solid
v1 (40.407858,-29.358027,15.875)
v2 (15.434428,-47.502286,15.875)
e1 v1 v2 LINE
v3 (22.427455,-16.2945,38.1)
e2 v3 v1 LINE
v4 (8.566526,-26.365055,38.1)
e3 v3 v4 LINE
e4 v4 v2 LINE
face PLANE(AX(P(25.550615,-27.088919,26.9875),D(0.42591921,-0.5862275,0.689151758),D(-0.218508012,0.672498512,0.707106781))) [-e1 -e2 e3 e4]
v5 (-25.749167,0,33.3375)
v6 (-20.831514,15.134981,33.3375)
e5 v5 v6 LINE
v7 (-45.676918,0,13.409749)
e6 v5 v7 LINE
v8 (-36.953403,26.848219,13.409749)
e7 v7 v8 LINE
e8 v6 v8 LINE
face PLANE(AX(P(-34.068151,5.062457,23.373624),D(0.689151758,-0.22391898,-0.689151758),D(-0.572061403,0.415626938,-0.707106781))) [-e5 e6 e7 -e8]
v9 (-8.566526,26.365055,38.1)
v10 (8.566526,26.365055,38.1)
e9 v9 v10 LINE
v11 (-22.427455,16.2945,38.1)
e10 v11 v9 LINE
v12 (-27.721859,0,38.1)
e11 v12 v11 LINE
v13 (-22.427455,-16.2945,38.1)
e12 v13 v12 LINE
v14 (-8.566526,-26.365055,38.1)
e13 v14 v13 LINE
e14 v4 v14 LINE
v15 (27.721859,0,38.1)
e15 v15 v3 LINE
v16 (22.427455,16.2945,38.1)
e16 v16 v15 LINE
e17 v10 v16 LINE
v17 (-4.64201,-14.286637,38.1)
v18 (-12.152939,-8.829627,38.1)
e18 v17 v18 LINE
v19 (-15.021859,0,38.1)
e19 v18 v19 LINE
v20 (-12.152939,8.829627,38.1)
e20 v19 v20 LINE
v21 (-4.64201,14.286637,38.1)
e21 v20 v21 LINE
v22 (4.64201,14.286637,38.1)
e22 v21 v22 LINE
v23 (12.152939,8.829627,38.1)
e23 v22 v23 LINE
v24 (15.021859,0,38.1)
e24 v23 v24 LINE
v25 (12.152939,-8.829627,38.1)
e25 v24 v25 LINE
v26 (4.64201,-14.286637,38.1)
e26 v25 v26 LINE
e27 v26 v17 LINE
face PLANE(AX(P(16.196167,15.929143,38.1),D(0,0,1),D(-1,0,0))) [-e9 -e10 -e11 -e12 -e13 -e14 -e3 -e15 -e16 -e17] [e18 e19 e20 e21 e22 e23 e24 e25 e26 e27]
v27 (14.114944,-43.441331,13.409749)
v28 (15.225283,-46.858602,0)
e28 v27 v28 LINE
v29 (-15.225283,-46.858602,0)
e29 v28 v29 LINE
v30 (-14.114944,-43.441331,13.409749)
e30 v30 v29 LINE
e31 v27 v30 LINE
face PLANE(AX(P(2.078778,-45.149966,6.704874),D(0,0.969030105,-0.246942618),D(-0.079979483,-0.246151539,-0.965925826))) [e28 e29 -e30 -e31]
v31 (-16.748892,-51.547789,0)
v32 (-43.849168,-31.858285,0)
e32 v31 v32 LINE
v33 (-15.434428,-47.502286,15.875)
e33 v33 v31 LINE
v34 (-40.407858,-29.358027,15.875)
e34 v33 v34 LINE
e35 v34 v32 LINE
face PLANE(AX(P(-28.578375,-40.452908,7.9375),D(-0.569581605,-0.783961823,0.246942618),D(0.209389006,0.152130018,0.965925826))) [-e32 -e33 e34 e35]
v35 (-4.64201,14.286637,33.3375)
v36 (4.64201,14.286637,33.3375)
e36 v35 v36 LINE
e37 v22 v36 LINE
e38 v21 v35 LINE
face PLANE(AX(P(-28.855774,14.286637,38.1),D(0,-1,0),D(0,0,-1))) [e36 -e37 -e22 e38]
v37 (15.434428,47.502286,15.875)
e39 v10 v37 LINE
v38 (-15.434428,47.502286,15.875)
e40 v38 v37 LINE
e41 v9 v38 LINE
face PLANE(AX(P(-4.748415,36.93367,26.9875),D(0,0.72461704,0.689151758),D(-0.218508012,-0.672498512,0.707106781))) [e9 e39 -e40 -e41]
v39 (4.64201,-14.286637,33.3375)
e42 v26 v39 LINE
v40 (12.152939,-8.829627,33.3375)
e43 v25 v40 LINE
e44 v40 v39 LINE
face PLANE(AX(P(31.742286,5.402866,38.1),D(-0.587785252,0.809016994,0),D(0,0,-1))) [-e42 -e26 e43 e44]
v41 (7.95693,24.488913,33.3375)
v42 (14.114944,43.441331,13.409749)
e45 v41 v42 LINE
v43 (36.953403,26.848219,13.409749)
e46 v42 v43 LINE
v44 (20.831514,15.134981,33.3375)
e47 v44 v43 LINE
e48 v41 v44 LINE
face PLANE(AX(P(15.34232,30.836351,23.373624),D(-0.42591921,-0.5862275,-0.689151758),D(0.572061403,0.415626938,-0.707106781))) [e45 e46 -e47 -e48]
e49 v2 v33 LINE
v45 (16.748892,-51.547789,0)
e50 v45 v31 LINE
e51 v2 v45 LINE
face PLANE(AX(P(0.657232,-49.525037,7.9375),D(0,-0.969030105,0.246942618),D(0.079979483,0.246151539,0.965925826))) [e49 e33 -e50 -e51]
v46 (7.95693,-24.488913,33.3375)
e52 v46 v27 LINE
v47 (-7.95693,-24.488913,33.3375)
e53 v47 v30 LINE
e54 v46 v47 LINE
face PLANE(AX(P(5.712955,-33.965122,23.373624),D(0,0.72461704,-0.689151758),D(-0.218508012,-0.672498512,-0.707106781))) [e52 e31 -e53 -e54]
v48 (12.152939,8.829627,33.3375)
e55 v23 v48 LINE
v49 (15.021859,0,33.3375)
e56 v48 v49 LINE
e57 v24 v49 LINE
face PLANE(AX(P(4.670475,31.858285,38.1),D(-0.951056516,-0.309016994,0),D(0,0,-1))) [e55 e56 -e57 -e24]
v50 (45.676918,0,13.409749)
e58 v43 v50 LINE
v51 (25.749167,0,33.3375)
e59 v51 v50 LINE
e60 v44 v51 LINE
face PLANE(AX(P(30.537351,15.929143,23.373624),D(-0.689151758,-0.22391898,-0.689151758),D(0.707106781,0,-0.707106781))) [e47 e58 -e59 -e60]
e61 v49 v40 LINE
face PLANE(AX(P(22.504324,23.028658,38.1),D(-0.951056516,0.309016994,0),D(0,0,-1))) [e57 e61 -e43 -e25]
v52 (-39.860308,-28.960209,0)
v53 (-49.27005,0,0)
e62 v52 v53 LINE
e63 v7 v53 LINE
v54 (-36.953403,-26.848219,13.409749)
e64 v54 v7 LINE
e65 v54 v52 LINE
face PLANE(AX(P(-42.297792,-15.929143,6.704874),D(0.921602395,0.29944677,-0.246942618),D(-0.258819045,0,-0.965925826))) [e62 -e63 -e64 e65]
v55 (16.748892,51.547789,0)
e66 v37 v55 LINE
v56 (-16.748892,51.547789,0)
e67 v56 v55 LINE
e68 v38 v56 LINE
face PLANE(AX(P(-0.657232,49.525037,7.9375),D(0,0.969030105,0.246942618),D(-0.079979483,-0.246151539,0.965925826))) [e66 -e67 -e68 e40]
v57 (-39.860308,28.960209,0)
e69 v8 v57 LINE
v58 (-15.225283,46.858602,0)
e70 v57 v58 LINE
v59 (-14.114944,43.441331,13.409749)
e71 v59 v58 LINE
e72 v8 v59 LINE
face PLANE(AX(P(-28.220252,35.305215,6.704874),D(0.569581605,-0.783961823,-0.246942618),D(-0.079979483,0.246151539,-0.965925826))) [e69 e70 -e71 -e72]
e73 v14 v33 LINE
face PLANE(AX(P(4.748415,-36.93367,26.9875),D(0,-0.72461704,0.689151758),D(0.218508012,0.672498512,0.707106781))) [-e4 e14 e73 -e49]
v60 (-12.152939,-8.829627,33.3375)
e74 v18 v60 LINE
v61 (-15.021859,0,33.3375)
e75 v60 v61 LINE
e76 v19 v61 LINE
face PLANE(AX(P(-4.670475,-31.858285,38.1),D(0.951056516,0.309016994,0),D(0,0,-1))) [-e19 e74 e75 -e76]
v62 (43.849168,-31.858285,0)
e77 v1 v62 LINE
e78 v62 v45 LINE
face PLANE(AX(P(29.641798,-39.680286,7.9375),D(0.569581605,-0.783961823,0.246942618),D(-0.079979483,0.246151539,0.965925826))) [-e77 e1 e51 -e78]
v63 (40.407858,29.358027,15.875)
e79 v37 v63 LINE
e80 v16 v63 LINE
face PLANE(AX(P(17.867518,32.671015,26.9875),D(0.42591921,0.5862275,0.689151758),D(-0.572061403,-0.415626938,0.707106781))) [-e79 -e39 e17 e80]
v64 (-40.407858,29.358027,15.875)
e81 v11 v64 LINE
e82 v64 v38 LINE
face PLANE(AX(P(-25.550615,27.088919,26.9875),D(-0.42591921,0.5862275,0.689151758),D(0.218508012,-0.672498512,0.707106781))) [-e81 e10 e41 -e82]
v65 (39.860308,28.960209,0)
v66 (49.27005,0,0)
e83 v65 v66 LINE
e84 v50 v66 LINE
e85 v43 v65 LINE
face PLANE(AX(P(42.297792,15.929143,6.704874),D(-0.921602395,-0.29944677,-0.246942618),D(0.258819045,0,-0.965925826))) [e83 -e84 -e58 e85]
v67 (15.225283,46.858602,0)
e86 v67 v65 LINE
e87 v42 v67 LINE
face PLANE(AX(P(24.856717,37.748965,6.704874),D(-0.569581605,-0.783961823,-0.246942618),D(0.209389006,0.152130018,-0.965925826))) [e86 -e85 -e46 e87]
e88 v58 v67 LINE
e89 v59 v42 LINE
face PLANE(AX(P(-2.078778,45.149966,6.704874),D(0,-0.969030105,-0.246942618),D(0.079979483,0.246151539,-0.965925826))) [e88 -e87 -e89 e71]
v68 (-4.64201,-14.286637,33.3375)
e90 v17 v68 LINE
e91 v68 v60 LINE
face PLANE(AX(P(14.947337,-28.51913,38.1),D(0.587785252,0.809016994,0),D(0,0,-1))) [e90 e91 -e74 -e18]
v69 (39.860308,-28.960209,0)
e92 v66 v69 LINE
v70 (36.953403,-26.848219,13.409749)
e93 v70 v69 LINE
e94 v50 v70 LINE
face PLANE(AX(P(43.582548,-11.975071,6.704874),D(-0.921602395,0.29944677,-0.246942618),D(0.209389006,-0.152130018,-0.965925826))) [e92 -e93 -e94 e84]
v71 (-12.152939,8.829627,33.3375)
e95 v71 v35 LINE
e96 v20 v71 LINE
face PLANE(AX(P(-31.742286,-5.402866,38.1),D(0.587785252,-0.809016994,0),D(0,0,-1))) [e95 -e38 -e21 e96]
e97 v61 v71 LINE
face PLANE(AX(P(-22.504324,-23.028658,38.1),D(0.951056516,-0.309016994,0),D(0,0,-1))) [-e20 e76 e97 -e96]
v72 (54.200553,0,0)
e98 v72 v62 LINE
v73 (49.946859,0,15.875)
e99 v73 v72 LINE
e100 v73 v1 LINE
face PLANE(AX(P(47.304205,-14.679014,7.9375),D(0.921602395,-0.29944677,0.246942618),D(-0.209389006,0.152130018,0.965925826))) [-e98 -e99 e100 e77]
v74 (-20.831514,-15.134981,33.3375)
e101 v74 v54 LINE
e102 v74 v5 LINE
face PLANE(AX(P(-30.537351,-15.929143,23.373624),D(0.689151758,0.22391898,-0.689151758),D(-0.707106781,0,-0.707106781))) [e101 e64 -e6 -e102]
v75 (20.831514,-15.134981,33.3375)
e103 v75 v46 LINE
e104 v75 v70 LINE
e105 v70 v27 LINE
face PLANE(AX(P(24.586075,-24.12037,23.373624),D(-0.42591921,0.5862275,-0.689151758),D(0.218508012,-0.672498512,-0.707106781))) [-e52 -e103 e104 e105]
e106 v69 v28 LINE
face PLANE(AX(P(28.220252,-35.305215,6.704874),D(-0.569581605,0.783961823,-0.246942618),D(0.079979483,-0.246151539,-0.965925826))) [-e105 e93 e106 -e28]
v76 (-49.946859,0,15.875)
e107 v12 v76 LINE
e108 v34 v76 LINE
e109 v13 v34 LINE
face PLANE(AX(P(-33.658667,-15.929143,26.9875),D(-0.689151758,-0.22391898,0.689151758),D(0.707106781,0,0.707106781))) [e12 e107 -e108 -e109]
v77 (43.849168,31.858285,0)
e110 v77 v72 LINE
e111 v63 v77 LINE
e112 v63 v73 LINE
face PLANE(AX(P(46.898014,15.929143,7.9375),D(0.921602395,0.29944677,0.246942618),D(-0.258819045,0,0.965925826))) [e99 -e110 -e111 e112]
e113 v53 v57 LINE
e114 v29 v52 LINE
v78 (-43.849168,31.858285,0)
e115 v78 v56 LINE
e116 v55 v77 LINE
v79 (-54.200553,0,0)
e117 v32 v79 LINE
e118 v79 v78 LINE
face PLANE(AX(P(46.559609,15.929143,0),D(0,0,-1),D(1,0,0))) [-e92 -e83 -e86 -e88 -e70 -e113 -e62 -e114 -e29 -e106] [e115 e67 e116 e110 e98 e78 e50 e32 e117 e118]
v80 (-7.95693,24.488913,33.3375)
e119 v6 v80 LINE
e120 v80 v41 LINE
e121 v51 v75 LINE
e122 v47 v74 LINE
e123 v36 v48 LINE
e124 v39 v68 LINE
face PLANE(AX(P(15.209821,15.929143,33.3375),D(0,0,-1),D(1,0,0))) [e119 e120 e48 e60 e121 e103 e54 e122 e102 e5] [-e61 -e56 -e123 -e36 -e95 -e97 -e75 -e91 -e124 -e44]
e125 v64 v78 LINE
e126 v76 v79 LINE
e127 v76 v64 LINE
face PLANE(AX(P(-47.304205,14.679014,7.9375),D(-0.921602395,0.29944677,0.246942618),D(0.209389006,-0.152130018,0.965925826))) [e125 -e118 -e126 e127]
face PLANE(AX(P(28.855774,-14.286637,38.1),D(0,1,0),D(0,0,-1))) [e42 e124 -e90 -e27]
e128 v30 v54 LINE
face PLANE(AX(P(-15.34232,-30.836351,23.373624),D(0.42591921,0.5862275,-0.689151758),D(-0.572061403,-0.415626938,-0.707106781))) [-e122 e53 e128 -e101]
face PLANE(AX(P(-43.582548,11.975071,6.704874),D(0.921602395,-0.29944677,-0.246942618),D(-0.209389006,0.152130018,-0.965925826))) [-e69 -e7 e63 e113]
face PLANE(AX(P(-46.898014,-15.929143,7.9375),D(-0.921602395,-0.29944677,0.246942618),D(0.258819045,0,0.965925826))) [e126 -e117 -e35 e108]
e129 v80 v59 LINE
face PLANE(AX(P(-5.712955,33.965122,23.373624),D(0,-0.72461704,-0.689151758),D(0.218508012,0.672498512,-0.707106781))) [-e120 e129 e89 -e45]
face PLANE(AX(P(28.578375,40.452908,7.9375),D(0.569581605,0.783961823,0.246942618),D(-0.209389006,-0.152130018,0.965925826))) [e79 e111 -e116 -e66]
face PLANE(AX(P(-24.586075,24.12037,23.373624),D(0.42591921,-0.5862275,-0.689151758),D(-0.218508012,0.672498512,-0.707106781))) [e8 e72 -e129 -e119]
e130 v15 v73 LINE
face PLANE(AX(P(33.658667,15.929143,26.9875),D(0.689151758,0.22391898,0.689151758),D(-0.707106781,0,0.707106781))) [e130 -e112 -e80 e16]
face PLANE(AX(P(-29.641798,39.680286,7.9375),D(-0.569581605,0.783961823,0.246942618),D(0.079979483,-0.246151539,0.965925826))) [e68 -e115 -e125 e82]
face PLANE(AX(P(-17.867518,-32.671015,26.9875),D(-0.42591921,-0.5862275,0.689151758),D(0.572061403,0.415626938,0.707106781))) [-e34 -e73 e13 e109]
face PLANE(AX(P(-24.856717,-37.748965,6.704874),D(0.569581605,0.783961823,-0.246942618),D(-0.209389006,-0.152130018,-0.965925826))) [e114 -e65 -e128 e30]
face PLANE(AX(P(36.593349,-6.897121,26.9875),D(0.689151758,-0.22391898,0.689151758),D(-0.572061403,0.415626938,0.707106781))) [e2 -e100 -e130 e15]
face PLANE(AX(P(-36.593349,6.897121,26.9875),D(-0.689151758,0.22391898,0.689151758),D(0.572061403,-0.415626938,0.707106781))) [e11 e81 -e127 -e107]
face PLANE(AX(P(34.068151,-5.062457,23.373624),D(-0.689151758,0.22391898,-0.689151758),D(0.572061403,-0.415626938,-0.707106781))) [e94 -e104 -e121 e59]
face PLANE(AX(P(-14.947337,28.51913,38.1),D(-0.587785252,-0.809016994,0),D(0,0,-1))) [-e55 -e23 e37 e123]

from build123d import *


with BuildPart() as f2:
    # F2: sweep along a path in F0
    with BuildLine(Plane.XY) as f2_path:
        Line((43.8491681264, 31.8582854615), (54.2005525611, 0))
        Line((54.2005525611, 0), (43.8491681264, -31.8582854615))
        Line((43.8491681264, -31.8582854615), (16.7488918459, -51.5477887))
        Line((16.7488918459, -51.5477887), (-16.7488918459, -51.5477887))
        Line((-16.7488918459, -51.5477887), (-43.8491681264, -31.8582854615))
        Line((-43.8491681264, -31.8582854615), (-54.2005525611, 0))
        Line((-54.2005525611, 0), (-43.8491681264, 31.8582854615))
        Line((-43.8491681264, 31.8582854615), (-16.7488918459, 51.5477887))
        Line((-16.7488918459, 51.5477887), (16.7488918459, 51.5477887))
        Line((16.7488918459, 51.5477887), (43.8491681264, 31.8582854615))
    # F1 (on Front) → F2 (sweep)
    with BuildSketch(Plane.XZ):
        Polygon((45.676918445, 13.4097485954), (49.2700497519, 0), (54.2005525611, 0), (49.9468591312, 15.875), (27.7218591312, 38.1), (15.0218591312, 38.1), (15.0218591312, 33.3375), (25.7491670404, 33.3375), align=None)
    sweep(path=f2_path.line, transition=Transition.RIGHT)


solid = f2.part
